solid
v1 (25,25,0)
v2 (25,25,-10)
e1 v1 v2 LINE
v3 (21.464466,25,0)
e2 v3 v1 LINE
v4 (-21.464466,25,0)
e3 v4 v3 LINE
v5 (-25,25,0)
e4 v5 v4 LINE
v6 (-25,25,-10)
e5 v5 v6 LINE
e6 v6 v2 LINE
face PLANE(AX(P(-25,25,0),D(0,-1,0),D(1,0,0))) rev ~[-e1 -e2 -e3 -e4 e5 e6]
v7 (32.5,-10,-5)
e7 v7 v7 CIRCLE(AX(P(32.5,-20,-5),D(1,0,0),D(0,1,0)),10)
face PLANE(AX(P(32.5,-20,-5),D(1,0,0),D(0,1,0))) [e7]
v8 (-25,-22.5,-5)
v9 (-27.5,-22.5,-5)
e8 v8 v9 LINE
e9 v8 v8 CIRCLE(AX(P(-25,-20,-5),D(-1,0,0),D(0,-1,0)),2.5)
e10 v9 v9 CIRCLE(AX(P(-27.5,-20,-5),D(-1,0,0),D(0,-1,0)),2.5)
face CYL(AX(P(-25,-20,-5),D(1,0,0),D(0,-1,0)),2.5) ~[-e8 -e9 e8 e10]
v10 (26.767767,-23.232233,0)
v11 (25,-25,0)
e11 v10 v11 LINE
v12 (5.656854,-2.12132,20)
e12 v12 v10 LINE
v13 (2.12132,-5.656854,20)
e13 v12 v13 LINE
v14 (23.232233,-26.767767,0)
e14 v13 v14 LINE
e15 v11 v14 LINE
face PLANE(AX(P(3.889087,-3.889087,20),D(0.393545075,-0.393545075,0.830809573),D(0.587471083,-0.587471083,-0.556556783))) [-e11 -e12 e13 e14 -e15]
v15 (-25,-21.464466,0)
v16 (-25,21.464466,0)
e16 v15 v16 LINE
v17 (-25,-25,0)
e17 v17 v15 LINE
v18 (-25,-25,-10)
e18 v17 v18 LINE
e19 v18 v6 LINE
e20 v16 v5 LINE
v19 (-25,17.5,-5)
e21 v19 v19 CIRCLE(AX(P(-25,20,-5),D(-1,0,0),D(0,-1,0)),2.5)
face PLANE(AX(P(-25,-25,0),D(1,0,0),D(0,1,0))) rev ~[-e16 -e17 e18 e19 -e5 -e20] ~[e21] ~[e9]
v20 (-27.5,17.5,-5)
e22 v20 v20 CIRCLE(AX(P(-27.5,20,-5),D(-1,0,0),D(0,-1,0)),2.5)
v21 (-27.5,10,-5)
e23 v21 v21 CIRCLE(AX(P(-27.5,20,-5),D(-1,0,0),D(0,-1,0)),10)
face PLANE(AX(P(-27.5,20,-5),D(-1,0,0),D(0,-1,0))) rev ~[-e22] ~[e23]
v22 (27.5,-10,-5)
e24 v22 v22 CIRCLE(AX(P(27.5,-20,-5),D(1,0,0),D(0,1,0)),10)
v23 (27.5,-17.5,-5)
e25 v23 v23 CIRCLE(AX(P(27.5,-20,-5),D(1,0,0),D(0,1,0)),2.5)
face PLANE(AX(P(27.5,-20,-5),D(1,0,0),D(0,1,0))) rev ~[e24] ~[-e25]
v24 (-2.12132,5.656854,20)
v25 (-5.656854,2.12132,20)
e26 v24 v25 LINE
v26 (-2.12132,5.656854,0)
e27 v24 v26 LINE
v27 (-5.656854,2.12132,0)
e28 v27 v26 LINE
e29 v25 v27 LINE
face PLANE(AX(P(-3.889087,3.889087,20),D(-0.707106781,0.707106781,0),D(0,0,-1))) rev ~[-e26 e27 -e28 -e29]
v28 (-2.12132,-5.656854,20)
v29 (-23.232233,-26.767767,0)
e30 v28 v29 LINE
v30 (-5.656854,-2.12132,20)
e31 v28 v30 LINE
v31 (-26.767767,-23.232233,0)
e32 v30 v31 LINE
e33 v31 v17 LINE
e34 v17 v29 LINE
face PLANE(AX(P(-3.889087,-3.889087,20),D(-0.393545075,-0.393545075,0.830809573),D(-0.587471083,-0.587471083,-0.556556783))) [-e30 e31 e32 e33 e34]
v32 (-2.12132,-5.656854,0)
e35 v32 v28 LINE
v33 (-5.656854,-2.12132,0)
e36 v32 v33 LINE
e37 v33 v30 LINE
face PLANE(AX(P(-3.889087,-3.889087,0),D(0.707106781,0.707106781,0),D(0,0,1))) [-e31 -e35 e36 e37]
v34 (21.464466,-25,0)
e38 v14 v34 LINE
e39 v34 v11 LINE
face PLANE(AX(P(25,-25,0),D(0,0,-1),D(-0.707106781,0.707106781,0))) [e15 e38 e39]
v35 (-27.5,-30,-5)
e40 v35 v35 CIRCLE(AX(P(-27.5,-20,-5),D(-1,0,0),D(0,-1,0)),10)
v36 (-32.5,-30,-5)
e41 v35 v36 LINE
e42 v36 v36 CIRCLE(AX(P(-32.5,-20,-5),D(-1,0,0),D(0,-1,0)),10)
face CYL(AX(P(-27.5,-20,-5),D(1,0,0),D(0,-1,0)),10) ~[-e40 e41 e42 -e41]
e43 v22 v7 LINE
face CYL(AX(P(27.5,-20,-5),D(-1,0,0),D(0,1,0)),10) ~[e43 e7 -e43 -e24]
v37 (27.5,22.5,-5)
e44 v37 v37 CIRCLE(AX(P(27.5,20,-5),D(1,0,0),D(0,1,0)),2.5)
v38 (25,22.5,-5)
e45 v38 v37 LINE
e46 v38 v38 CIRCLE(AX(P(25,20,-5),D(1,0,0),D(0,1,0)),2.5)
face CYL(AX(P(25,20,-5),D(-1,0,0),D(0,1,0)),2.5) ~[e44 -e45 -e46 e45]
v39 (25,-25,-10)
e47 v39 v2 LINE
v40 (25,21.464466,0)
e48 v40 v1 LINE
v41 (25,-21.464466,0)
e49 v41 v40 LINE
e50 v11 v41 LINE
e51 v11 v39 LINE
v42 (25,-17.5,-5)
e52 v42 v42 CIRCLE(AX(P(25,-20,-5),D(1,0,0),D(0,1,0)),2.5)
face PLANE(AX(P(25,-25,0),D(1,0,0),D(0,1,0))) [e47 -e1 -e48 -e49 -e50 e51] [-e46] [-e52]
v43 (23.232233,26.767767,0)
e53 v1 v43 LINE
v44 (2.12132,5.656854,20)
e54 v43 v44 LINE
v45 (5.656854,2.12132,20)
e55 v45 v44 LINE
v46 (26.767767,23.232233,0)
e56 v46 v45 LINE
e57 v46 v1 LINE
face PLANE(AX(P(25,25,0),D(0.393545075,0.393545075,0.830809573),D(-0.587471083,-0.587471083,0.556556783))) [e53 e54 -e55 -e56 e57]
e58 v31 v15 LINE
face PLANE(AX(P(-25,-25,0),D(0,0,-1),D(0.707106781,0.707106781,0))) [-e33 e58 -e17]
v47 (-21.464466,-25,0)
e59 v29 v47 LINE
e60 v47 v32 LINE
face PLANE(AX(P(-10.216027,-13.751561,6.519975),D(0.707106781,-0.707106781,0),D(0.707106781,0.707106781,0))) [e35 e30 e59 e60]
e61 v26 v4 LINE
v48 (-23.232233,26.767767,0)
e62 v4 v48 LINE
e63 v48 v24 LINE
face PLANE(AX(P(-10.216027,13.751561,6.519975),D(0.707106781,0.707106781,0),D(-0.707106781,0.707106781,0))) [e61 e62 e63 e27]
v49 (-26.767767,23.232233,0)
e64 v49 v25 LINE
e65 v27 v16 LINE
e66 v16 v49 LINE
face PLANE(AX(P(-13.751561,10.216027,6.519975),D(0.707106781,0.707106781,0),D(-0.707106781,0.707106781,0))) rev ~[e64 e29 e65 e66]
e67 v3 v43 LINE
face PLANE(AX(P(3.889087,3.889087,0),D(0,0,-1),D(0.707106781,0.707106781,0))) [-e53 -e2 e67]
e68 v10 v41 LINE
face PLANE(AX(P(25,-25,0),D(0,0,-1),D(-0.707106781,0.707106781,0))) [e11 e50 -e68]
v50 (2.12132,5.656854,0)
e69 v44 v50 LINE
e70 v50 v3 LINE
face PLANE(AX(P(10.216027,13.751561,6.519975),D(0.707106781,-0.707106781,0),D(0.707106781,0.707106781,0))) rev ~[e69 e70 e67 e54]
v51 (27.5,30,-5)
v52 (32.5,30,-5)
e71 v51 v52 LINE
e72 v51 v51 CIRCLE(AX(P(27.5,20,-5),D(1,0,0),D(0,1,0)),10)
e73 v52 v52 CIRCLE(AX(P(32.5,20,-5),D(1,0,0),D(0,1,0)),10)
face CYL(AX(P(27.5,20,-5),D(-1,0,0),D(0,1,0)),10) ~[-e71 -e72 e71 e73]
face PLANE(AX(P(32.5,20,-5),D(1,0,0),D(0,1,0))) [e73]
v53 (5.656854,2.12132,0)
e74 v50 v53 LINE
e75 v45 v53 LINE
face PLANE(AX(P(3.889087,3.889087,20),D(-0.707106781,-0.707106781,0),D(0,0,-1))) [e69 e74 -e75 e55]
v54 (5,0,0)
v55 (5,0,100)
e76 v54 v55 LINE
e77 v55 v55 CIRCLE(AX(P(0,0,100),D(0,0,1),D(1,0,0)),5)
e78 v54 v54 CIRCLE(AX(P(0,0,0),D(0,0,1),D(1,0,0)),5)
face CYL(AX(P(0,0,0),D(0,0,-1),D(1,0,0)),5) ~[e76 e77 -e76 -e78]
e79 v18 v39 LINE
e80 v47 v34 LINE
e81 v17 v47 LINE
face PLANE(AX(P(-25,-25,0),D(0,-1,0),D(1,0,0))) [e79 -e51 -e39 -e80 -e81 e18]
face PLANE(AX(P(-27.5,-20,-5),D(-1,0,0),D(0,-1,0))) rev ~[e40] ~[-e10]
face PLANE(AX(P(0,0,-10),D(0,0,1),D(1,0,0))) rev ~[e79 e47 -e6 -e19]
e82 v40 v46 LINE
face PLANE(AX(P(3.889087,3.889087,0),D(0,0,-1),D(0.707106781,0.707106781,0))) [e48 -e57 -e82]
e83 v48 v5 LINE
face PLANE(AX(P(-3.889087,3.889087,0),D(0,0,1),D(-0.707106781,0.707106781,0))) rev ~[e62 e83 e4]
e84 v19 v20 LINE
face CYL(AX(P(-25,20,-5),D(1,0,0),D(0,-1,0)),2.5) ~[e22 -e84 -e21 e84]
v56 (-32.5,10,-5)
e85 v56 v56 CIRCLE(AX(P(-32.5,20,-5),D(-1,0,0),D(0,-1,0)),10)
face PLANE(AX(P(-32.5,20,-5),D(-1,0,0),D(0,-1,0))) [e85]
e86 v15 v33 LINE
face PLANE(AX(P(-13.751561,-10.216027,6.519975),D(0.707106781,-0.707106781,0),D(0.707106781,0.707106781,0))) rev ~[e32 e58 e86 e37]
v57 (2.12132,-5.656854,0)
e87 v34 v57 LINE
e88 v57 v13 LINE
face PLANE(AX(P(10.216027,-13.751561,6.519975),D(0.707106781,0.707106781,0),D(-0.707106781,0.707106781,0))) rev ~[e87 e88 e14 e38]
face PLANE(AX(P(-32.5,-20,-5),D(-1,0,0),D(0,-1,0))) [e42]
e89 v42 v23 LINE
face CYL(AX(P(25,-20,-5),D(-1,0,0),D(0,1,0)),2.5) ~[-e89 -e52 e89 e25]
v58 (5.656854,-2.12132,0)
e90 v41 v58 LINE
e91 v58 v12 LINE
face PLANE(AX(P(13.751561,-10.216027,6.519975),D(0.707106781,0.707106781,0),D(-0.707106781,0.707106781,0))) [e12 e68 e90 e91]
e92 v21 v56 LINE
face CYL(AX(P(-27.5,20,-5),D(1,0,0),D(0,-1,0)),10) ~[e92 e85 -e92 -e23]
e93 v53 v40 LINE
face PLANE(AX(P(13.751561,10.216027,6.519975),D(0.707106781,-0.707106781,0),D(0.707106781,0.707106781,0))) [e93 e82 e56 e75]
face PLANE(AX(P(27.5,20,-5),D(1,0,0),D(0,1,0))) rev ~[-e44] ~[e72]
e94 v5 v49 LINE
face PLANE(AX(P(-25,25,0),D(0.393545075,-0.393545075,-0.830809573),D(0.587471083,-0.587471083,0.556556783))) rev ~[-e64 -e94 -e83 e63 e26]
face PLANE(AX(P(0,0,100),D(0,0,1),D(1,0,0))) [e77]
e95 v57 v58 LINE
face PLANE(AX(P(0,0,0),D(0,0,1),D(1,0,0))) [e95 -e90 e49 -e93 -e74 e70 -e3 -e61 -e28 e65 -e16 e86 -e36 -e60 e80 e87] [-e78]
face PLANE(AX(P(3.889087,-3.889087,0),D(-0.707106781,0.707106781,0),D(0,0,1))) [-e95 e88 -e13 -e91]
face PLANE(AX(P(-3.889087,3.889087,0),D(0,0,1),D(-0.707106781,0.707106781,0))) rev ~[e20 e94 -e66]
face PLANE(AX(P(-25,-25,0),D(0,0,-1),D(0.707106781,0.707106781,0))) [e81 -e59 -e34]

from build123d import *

# Parameters (mm, degrees)
F0_R      = 5
F1_DEPTH  = 100
F2_W      = 50
F2_H      = 50
F3_DEPTH  = 10
F4_R      = 2.5
F5_DEPTH  = 2.5
F6_R      = 10
F7_DEPTH  = 5
F8_R      = 10
F9_DEPTH  = 5
F10_R     = 2.5
F11_DEPTH = 2.5
F12_R     = 10
F13_DEPTH = 5
F14_R     = 10
F15_DEPTH = 5
F20_DEPTH = 2.5
F24_DEPTH = 2.5
F26_DEPTH = 2.5


with BuildPart() as f1:
    # F0 (on Top) → F1 (new body)
    with BuildSketch(Plane.XY):
        Circle(F0_R)
    extrude(amount=F1_DEPTH)

    # F2 (on Top) → F3 (join)
    with BuildSketch(Plane.XY):
        Rectangle(F2_W, F2_H)
    extrude(amount=-F3_DEPTH)

    # F4 (on face) → F5 (join)
    with BuildSketch(Plane.YZ.offset(25)):
        with Locations((-20, -5)):
            Circle(F4_R)
        with Locations((20, -5)):
            Circle(F4_R)
    extrude(amount=F5_DEPTH)

    # F6 (on face) → F7 (join)
    with BuildSketch(Plane.YZ.offset(27.5)):
        with Locations((-20, -5)):
            Circle(F6_R)
    extrude(amount=F7_DEPTH)

    # F8 (on face) → F9 (join)
    with BuildSketch(Plane.YZ.offset(27.5)):
        with Locations((20, -5)):
            Circle(F8_R)
    extrude(amount=F9_DEPTH)

    # F10 (on face) → F11 (join)
    with BuildSketch(Plane(origin=(-25, 0, 0), x_dir=(0, -1, 0), z_dir=(-1, 0, 0))):
        with Locations((-20, -5)):
            Circle(F10_R)
        with Locations((20, -5)):
            Circle(F10_R)
    extrude(amount=F11_DEPTH)

    # F12 (on face) → F13 (join)
    with BuildSketch(Plane(origin=(-27.5, 0, 0), x_dir=(0, -1, 0), z_dir=(-1, 0, 0))):
        with Locations((-20, -5)):
            Circle(F12_R)
    extrude(amount=F13_DEPTH)

    # F14 (on face) → F15 (join)
    with BuildSketch(Plane(origin=(-27.5, 0, 0), x_dir=(0, -1, 0), z_dir=(-1, 0, 0))):
        with Locations((20, -5)):
            Circle(F14_R)
    extrude(amount=F15_DEPTH)

    # F19 (on 3pt) → F20 (join, symmetric)
    with BuildSketch(Plane(origin=(0, 0, 0), x_dir=(0.7071067812, 0.7071067812, 0), z_dir=(0.7071067812, -0.7071067812, 0))):
        Polygon((-5.5, 20), (-35.3553390593, 0), (-5.5, 0), align=None)
    extrude(amount=F20_DEPTH, both=True)

    # F23 (on 3pt) → F24 (join, symmetric)
    with BuildSketch(Plane(origin=(0, 0, 0), x_dir=(-0.7071067812, 0.7071067812, 0), z_dir=(0.7071067812, 0.7071067812, 0))):
        Polygon((5.5, 20), (5.5, 0), (35.3553390593, 0), align=None)
        Polygon((-35.3553390593, 0), (-5.5, 0), (-5.5, 20), align=None)
    extrude(amount=F24_DEPTH, both=True)

    # F25 (on 3pt) → F26 (join, symmetric)
    with BuildSketch(Plane(origin=(0, 0, 0), x_dir=(0.7071067812, 0.7071067812, 0), z_dir=(0.7071067812, -0.7071067812, 0))):
        Polygon((5.5, 20), (5.5, 0), (35.3553390593, 0), align=None)
    extrude(amount=F26_DEPTH, both=True)


solid = f1.part
